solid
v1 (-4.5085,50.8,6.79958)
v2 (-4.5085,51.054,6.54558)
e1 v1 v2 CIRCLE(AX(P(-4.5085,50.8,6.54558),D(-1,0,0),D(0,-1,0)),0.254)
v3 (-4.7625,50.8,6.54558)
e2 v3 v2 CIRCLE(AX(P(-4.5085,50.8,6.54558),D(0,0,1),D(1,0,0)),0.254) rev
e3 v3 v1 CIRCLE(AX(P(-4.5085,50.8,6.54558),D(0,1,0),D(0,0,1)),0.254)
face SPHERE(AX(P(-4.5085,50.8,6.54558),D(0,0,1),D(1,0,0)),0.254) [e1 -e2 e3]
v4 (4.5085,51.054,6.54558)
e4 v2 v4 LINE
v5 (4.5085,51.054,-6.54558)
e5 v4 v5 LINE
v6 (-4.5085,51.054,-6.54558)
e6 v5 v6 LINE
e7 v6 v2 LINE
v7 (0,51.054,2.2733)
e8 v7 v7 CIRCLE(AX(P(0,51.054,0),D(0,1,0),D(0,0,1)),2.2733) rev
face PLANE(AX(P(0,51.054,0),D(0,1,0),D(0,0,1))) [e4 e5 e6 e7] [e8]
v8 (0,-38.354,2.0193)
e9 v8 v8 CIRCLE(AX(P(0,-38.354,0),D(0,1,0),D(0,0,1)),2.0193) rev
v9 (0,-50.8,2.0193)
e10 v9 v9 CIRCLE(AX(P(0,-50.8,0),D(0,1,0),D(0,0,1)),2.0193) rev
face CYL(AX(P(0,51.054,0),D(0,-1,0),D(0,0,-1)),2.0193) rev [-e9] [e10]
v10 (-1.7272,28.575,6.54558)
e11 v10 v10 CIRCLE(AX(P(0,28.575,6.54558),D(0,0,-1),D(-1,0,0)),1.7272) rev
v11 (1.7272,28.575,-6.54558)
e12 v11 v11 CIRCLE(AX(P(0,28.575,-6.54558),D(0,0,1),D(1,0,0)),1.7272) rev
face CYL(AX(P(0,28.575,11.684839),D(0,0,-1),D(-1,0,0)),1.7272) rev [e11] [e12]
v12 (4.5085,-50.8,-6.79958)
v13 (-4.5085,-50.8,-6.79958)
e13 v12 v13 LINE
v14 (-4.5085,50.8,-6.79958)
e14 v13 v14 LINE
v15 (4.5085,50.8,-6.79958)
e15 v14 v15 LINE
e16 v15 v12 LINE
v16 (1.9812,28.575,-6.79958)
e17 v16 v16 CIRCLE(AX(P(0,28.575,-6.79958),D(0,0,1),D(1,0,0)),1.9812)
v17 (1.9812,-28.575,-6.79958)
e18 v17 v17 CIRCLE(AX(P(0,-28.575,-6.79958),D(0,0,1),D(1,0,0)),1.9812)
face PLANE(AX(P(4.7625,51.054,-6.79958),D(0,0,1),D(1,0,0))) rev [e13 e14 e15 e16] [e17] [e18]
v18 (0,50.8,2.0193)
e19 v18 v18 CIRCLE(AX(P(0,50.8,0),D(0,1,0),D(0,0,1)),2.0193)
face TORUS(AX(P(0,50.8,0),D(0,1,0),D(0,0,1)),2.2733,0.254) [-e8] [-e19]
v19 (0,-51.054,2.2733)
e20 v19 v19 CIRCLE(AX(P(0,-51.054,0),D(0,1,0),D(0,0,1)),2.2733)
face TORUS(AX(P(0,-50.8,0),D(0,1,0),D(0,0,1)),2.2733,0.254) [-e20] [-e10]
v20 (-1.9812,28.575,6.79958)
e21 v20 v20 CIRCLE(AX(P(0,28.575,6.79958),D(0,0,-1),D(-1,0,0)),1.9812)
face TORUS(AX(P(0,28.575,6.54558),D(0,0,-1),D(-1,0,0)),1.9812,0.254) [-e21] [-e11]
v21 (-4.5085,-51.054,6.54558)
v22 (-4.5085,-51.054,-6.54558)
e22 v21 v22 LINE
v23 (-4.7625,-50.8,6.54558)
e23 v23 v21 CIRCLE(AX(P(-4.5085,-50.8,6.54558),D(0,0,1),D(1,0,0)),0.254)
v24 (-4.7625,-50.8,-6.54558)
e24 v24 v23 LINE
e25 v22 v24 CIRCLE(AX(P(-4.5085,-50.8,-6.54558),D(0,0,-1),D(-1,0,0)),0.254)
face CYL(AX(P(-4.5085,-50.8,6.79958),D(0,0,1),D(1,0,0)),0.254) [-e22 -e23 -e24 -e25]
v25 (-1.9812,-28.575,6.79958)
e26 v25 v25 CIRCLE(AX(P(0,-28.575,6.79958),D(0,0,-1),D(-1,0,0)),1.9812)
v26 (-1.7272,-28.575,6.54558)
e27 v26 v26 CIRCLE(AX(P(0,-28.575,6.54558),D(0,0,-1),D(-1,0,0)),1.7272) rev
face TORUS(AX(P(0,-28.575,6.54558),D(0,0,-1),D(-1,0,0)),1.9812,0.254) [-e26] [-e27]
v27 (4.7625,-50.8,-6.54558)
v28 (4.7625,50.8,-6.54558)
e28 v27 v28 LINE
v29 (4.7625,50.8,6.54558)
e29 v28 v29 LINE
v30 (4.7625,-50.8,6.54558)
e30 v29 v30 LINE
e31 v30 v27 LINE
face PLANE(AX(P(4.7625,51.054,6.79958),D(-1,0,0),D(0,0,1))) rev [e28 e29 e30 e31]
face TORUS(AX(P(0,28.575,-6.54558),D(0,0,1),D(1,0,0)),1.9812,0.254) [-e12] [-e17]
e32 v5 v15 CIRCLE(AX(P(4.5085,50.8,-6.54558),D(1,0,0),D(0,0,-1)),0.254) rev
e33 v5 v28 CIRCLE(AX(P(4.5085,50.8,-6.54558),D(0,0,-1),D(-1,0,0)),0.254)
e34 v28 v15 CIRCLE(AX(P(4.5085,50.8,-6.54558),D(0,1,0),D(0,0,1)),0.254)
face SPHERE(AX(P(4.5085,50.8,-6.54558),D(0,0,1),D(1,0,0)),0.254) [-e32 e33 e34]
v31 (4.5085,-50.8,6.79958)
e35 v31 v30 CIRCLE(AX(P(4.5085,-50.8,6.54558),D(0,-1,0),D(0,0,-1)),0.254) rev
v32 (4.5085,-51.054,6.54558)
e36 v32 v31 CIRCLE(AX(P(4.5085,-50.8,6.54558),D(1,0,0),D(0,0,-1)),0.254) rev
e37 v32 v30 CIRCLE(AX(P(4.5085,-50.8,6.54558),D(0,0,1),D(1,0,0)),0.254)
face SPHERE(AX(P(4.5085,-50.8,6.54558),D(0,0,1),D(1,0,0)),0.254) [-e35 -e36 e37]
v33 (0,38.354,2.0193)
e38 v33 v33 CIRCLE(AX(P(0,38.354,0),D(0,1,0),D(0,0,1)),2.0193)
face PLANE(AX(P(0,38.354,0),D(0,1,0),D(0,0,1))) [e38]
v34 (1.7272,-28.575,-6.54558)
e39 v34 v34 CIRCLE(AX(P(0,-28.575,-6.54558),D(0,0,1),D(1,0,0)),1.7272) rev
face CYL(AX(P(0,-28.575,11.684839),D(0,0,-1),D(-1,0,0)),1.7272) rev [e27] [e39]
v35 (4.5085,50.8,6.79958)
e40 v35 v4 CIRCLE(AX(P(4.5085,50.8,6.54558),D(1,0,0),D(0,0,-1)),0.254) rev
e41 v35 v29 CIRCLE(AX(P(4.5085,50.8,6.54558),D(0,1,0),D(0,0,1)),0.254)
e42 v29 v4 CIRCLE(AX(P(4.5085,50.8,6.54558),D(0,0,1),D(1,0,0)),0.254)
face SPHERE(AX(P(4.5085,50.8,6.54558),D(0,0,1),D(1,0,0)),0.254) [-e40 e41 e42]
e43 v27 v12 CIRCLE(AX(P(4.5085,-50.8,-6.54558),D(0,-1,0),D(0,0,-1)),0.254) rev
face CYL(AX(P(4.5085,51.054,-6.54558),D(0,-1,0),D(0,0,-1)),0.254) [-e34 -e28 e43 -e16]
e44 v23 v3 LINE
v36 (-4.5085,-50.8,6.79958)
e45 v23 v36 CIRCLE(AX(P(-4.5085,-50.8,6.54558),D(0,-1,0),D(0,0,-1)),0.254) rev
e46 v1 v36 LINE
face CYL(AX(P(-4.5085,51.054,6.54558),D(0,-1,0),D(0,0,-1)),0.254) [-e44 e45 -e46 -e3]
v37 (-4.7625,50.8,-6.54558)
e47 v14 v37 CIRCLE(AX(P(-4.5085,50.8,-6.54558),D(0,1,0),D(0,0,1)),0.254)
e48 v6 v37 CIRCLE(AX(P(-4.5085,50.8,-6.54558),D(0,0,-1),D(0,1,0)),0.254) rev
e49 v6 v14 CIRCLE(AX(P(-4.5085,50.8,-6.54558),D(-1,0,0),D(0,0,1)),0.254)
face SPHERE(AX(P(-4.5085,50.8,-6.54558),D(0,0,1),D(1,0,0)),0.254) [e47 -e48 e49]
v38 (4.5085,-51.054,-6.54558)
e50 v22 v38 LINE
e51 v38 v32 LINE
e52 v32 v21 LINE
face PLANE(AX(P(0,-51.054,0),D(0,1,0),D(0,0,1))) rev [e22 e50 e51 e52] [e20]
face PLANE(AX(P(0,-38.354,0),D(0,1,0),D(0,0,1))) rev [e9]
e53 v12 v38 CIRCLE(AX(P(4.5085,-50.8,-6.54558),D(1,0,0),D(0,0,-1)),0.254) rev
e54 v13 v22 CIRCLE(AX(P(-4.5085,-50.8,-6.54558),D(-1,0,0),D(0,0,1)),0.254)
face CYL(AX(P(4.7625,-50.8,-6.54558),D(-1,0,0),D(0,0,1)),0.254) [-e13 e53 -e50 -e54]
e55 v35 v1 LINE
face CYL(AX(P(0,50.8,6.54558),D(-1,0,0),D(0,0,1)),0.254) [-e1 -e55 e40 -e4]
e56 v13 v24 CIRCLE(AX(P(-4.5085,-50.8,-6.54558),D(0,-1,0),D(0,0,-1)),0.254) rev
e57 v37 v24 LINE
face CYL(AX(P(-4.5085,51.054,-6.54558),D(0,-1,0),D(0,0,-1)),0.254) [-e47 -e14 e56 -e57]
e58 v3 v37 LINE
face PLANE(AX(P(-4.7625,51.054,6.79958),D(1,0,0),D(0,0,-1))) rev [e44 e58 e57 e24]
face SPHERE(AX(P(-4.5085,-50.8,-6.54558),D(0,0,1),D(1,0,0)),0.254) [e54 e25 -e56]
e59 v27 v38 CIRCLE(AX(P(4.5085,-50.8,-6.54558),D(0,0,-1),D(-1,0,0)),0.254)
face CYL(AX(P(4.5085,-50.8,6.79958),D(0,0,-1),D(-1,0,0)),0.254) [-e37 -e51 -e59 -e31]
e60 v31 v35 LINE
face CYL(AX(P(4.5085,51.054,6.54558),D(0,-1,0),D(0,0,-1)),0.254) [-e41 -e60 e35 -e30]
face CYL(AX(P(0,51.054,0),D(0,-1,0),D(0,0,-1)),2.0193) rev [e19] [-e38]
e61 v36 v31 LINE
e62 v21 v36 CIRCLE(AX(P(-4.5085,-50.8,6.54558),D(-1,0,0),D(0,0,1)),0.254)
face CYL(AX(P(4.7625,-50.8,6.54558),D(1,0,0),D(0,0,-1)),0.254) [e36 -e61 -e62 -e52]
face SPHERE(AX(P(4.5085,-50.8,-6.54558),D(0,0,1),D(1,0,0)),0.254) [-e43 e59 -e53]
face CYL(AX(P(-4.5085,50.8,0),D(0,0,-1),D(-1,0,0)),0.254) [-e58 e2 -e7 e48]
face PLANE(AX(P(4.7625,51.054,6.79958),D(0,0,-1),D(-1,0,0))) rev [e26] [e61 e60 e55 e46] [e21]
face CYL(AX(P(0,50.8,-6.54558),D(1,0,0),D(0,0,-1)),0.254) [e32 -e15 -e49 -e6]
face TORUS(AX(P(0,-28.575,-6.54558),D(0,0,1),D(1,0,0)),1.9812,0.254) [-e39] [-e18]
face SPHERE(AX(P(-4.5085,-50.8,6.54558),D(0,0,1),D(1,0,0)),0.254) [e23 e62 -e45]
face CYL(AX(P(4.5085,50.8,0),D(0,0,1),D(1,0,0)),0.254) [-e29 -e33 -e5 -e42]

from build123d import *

# Parameters (mm, degrees)
SKETCH1_W                = 9.525
SKETCH1_H                = 13.59916
SKETCH1_R                = 2.0193
BOSS_EXTRUDE1_DEPTH      = 51.054
SKETCH2_R                = 2.0193
BOSS_EXTRUDE2_DEPTH      = 38.354
BOSS_EXTRUDE2_DEPTH_BACK = 38.354
SKETCH4_R                = 1.7272
CUT_EXTRUDE1_DEPTH       = 13.59916
FILLET2_R                = 0.254


with BuildPart() as part:
    # Sketch1 → Boss-Extrude1 (new body, symmetric)
    with BuildSketch(Plane(origin=(0, 0, 0), x_dir=(1, 0, 0), z_dir=(0, 1, 0))):
        Rectangle(SKETCH1_W, SKETCH1_H)
        Circle(SKETCH1_R, mode=Mode.SUBTRACT)
    extrude(amount=BOSS_EXTRUDE1_DEPTH, both=True)

    # Sketch2 → Boss-Extrude2 (add, two sides)
    with BuildSketch(Plane(origin=(0, 0, 0), x_dir=(1, 0, 0), z_dir=(0, 1, 0))) as boss_extrude2_sk:
        Circle(SKETCH2_R)
    extrude(amount=BOSS_EXTRUDE2_DEPTH)
    extrude(boss_extrude2_sk.sketch, amount=-BOSS_EXTRUDE2_DEPTH_BACK)

    # Sketch4 → Cut-Extrude1 (cut)
    with BuildSketch(Plane(origin=(0, 0, -6.79958), x_dir=(-1, 0, 0), z_dir=(0, 0, -1))):
        with Locations((0, 28.575)):
            Circle(SKETCH4_R)
        with Locations((0, -28.575)):
            Circle(SKETCH4_R)
    extrude(amount=-CUT_EXTRUDE1_DEPTH, mode=Mode.SUBTRACT)

    # Fillet2
    fillet2_edges = [part.edges().sort_by_distance(p)[0] for p in [
        (-4.7625, 51.054, 0),
        (-2.0193, -51.054, 0),
        (-2.0193, 51.054, 0),
        (0, 51.054, 6.79958),
        (1.7272, 28.575, -6.79958),
        (1.7272, 28.575, 6.79958),
        (1.7272, -28.575, -6.79958),
        (1.7272, -28.575, 6.79958),
        (4.7625, 51.054, 0),
        (0, -51.054, 6.79958),
        (-4.7625, -51.054, 0),
        (0, -51.054, -6.79958),
        (4.7625, -51.054, 0),
        (0, 51.054, -6.79958),
        (4.7625, 0, 6.79958),
        (-4.7625, 0, 6.79958),
        (-4.7625, 0, -6.79958),
        (4.7625, 0, -6.79958),
    ]]
    fillet(fillet2_edges, radius=FILLET2_R)


solid = part.part
